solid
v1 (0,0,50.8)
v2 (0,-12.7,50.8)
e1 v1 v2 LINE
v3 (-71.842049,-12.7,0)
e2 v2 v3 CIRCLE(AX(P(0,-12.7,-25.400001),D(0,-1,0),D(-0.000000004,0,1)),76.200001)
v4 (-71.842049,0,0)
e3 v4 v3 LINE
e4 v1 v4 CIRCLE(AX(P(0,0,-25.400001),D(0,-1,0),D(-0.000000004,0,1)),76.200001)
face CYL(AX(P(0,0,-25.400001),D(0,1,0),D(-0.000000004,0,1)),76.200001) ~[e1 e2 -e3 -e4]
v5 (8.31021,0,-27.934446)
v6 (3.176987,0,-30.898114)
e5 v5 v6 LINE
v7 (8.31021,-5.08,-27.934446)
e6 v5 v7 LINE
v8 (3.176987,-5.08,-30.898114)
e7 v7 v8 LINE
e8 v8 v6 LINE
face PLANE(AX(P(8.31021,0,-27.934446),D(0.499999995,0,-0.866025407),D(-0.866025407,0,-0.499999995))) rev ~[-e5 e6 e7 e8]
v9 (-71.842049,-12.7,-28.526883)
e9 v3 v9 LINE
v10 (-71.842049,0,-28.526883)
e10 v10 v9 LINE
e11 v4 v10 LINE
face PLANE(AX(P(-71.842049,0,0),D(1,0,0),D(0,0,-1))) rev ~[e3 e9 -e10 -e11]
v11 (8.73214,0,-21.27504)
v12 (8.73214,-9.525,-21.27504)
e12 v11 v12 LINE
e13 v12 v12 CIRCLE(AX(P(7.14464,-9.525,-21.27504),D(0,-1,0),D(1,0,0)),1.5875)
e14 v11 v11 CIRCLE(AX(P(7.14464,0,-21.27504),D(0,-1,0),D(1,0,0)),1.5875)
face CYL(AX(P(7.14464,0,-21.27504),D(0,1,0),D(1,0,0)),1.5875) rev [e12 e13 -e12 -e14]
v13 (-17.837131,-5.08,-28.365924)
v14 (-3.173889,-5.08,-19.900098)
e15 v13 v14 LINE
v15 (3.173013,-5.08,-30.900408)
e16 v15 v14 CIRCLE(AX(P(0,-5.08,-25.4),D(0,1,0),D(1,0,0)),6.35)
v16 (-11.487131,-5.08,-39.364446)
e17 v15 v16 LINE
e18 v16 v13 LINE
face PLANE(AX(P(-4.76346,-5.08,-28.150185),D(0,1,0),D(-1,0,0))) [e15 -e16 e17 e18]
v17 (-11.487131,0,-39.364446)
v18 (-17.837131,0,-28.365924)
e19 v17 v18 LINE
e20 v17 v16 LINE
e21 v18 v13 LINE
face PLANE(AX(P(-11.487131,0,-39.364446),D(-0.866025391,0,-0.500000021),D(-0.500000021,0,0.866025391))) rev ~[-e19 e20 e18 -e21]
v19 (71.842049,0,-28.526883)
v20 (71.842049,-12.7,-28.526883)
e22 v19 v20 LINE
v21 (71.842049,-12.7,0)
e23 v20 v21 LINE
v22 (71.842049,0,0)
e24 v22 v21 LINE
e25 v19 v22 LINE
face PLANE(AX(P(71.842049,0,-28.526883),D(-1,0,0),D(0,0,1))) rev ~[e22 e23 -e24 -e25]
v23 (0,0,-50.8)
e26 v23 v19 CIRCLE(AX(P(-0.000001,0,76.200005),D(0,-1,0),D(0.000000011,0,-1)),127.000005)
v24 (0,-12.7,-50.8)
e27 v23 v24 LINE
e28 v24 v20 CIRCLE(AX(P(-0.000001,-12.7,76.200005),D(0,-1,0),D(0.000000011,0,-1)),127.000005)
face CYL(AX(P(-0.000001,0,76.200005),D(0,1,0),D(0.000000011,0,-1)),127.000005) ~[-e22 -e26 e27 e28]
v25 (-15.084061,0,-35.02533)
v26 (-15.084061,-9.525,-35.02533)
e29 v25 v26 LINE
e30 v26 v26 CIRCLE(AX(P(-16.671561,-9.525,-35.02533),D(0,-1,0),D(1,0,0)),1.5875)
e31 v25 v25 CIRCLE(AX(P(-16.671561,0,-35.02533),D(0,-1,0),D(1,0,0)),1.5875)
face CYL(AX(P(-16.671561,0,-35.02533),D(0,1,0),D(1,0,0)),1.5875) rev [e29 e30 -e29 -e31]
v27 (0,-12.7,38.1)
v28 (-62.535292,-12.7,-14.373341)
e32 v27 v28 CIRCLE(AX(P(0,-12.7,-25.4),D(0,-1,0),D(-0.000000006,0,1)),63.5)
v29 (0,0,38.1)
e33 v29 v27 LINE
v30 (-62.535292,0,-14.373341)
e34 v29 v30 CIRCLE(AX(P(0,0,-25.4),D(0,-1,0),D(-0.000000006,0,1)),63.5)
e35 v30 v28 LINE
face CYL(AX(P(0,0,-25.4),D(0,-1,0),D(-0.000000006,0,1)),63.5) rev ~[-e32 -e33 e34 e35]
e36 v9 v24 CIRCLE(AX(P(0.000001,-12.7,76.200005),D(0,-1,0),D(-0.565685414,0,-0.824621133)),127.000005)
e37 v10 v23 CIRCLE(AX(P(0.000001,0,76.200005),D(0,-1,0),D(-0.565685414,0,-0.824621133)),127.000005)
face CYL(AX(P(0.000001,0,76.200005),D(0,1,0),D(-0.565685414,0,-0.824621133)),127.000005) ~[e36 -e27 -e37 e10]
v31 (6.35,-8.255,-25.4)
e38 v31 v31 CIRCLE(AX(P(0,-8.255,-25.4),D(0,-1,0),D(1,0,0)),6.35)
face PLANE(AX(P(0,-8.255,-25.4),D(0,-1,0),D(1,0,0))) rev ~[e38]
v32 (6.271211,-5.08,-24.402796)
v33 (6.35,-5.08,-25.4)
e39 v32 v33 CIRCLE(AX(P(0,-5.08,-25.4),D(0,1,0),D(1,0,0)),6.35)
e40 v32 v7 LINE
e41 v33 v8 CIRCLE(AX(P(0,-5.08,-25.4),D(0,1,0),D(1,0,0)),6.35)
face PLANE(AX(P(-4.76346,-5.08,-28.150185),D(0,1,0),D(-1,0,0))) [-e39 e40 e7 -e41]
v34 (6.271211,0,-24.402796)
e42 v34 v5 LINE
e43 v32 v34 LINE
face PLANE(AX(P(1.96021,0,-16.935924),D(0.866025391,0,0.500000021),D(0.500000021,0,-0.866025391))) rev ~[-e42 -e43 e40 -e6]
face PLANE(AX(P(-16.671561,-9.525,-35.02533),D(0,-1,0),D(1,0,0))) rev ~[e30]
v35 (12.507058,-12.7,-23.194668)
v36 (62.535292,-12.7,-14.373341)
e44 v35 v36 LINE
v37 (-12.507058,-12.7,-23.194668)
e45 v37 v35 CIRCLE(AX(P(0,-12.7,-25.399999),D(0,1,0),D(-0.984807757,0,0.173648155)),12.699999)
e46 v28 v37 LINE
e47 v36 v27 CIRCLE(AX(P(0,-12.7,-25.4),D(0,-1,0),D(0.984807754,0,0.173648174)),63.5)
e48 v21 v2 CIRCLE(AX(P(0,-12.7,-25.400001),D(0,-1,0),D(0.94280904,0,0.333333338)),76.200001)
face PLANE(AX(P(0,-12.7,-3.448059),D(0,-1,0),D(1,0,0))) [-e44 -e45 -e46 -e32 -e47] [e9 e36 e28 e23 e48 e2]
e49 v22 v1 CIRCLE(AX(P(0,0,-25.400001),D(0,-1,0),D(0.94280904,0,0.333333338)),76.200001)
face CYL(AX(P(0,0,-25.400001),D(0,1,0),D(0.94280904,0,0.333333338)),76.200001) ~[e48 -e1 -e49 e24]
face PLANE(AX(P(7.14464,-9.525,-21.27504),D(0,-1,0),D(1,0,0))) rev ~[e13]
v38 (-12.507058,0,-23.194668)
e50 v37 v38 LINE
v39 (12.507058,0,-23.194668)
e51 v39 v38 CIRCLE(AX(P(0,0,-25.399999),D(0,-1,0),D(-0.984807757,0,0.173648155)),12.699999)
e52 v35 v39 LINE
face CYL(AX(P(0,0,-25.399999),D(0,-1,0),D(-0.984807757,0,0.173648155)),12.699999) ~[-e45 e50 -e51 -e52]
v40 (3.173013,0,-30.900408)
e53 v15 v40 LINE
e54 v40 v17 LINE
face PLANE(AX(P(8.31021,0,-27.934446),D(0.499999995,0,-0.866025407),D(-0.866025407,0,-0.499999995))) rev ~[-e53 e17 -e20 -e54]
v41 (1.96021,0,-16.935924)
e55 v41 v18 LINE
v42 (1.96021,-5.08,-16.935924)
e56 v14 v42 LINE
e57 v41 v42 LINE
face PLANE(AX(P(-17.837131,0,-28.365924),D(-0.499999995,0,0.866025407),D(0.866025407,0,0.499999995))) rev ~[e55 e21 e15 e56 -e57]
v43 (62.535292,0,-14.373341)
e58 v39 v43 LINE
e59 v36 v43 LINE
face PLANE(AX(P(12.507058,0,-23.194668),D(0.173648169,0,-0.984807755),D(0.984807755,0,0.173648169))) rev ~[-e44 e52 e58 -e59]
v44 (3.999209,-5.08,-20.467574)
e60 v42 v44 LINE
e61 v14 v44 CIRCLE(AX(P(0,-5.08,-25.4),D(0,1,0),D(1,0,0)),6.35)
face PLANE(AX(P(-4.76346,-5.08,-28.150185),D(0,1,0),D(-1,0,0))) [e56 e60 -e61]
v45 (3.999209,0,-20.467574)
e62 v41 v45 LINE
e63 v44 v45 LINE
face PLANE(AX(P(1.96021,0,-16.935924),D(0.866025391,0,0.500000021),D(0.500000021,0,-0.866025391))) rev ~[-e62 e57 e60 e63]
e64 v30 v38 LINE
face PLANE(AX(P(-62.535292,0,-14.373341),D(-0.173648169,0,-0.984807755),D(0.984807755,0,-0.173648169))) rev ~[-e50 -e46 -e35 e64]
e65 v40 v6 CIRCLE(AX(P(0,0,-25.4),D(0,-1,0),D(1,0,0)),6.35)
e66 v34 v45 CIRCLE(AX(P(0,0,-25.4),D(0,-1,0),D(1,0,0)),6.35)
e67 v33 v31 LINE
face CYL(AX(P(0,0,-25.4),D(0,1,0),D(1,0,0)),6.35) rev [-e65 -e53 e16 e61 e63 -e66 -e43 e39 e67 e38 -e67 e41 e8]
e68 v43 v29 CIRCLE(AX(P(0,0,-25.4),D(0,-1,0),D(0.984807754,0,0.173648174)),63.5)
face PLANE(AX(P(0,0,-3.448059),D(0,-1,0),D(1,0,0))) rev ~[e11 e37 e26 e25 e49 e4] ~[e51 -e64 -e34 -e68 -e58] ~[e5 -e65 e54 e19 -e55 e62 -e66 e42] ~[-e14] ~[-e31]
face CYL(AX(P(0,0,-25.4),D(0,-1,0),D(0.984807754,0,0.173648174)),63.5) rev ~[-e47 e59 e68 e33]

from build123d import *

# Parameters (mm, degrees)
F4_DEPTH = 12.7
F5_DEPTH = 12.7
F2_R     = 6.35
F6_DEPTH = 8.255
F3_R     = 1.5875
F7_DEPTH = 9.525
F9_DEPTH = 5.08


with BuildPart() as f4:
    # F0 (on Front) → F4 (new body)
    with BuildSketch(Plane.XZ):
        with BuildLine():
            ThreePointArc((71.842049, 0), (43.994091, 36.817039), (0, 50.8))
            ThreePointArc((0, 50.8), (-43.994091, 36.817039), (-71.842049, 0))
            Line((-71.842049, 0), (-71.842049, -28.526883))
            ThreePointArc((-71.842049, -28.526883), (-37.607751, -45.103986), (0, -50.8))
            ThreePointArc((0, -50.8), (37.607751, -45.103986), (71.842049, -28.526883))
            Line((71.842049, -28.526883), (71.842049, 0))
        make_face()
    extrude(amount=F4_DEPTH)

    # F1 (on Front) → F5 (cut, symmetric)
    with BuildSketch(Plane.XZ):
        with BuildLine():
            ThreePointArc((62.535292, -14.373341), (40.817013, 23.243822), (0, 38.1))
            ThreePointArc((0, 38.1), (-40.817013, 23.243822), (-62.535292, -14.373341))
            Line((-62.535292, -14.373341), (-12.507058, -23.194668))
            ThreePointArc((-12.507058, -23.194668), (0, -12.7), (12.507058, -23.194668))
            Line((12.507058, -23.194668), (62.535292, -14.373341))
        make_face()
    extrude(amount=F5_DEPTH, both=True, mode=Mode.SUBTRACT)

    # F2 (on Front) → F6 (cut)
    with BuildSketch(Plane.XZ):
        with Locations((0, -25.4)):
            Circle(F2_R)
    extrude(amount=F6_DEPTH, mode=Mode.SUBTRACT)

    # F3 (on Front) → F7 (cut)
    with BuildSketch(Plane.XZ):
        with Locations((7.14464, -21.27504)):
            Circle(F3_R)
        with Locations((-16.671561, -35.02533)):
            Circle(F3_R)
    extrude(amount=F7_DEPTH, mode=Mode.SUBTRACT)

    # F8 (on face) → F9 (cut)
    with BuildSketch(Plane(origin=(0, 0, 0), x_dir=(-1, 0, 0), z_dir=(0, 1, 0))):
        Polygon((-1.96021, -16.935924), (-8.31021, -27.934446), (11.487131, -39.364446), (17.837131, -28.365924), align=None)
    extrude(amount=-F9_DEPTH, mode=Mode.SUBTRACT)


solid = f4.part
